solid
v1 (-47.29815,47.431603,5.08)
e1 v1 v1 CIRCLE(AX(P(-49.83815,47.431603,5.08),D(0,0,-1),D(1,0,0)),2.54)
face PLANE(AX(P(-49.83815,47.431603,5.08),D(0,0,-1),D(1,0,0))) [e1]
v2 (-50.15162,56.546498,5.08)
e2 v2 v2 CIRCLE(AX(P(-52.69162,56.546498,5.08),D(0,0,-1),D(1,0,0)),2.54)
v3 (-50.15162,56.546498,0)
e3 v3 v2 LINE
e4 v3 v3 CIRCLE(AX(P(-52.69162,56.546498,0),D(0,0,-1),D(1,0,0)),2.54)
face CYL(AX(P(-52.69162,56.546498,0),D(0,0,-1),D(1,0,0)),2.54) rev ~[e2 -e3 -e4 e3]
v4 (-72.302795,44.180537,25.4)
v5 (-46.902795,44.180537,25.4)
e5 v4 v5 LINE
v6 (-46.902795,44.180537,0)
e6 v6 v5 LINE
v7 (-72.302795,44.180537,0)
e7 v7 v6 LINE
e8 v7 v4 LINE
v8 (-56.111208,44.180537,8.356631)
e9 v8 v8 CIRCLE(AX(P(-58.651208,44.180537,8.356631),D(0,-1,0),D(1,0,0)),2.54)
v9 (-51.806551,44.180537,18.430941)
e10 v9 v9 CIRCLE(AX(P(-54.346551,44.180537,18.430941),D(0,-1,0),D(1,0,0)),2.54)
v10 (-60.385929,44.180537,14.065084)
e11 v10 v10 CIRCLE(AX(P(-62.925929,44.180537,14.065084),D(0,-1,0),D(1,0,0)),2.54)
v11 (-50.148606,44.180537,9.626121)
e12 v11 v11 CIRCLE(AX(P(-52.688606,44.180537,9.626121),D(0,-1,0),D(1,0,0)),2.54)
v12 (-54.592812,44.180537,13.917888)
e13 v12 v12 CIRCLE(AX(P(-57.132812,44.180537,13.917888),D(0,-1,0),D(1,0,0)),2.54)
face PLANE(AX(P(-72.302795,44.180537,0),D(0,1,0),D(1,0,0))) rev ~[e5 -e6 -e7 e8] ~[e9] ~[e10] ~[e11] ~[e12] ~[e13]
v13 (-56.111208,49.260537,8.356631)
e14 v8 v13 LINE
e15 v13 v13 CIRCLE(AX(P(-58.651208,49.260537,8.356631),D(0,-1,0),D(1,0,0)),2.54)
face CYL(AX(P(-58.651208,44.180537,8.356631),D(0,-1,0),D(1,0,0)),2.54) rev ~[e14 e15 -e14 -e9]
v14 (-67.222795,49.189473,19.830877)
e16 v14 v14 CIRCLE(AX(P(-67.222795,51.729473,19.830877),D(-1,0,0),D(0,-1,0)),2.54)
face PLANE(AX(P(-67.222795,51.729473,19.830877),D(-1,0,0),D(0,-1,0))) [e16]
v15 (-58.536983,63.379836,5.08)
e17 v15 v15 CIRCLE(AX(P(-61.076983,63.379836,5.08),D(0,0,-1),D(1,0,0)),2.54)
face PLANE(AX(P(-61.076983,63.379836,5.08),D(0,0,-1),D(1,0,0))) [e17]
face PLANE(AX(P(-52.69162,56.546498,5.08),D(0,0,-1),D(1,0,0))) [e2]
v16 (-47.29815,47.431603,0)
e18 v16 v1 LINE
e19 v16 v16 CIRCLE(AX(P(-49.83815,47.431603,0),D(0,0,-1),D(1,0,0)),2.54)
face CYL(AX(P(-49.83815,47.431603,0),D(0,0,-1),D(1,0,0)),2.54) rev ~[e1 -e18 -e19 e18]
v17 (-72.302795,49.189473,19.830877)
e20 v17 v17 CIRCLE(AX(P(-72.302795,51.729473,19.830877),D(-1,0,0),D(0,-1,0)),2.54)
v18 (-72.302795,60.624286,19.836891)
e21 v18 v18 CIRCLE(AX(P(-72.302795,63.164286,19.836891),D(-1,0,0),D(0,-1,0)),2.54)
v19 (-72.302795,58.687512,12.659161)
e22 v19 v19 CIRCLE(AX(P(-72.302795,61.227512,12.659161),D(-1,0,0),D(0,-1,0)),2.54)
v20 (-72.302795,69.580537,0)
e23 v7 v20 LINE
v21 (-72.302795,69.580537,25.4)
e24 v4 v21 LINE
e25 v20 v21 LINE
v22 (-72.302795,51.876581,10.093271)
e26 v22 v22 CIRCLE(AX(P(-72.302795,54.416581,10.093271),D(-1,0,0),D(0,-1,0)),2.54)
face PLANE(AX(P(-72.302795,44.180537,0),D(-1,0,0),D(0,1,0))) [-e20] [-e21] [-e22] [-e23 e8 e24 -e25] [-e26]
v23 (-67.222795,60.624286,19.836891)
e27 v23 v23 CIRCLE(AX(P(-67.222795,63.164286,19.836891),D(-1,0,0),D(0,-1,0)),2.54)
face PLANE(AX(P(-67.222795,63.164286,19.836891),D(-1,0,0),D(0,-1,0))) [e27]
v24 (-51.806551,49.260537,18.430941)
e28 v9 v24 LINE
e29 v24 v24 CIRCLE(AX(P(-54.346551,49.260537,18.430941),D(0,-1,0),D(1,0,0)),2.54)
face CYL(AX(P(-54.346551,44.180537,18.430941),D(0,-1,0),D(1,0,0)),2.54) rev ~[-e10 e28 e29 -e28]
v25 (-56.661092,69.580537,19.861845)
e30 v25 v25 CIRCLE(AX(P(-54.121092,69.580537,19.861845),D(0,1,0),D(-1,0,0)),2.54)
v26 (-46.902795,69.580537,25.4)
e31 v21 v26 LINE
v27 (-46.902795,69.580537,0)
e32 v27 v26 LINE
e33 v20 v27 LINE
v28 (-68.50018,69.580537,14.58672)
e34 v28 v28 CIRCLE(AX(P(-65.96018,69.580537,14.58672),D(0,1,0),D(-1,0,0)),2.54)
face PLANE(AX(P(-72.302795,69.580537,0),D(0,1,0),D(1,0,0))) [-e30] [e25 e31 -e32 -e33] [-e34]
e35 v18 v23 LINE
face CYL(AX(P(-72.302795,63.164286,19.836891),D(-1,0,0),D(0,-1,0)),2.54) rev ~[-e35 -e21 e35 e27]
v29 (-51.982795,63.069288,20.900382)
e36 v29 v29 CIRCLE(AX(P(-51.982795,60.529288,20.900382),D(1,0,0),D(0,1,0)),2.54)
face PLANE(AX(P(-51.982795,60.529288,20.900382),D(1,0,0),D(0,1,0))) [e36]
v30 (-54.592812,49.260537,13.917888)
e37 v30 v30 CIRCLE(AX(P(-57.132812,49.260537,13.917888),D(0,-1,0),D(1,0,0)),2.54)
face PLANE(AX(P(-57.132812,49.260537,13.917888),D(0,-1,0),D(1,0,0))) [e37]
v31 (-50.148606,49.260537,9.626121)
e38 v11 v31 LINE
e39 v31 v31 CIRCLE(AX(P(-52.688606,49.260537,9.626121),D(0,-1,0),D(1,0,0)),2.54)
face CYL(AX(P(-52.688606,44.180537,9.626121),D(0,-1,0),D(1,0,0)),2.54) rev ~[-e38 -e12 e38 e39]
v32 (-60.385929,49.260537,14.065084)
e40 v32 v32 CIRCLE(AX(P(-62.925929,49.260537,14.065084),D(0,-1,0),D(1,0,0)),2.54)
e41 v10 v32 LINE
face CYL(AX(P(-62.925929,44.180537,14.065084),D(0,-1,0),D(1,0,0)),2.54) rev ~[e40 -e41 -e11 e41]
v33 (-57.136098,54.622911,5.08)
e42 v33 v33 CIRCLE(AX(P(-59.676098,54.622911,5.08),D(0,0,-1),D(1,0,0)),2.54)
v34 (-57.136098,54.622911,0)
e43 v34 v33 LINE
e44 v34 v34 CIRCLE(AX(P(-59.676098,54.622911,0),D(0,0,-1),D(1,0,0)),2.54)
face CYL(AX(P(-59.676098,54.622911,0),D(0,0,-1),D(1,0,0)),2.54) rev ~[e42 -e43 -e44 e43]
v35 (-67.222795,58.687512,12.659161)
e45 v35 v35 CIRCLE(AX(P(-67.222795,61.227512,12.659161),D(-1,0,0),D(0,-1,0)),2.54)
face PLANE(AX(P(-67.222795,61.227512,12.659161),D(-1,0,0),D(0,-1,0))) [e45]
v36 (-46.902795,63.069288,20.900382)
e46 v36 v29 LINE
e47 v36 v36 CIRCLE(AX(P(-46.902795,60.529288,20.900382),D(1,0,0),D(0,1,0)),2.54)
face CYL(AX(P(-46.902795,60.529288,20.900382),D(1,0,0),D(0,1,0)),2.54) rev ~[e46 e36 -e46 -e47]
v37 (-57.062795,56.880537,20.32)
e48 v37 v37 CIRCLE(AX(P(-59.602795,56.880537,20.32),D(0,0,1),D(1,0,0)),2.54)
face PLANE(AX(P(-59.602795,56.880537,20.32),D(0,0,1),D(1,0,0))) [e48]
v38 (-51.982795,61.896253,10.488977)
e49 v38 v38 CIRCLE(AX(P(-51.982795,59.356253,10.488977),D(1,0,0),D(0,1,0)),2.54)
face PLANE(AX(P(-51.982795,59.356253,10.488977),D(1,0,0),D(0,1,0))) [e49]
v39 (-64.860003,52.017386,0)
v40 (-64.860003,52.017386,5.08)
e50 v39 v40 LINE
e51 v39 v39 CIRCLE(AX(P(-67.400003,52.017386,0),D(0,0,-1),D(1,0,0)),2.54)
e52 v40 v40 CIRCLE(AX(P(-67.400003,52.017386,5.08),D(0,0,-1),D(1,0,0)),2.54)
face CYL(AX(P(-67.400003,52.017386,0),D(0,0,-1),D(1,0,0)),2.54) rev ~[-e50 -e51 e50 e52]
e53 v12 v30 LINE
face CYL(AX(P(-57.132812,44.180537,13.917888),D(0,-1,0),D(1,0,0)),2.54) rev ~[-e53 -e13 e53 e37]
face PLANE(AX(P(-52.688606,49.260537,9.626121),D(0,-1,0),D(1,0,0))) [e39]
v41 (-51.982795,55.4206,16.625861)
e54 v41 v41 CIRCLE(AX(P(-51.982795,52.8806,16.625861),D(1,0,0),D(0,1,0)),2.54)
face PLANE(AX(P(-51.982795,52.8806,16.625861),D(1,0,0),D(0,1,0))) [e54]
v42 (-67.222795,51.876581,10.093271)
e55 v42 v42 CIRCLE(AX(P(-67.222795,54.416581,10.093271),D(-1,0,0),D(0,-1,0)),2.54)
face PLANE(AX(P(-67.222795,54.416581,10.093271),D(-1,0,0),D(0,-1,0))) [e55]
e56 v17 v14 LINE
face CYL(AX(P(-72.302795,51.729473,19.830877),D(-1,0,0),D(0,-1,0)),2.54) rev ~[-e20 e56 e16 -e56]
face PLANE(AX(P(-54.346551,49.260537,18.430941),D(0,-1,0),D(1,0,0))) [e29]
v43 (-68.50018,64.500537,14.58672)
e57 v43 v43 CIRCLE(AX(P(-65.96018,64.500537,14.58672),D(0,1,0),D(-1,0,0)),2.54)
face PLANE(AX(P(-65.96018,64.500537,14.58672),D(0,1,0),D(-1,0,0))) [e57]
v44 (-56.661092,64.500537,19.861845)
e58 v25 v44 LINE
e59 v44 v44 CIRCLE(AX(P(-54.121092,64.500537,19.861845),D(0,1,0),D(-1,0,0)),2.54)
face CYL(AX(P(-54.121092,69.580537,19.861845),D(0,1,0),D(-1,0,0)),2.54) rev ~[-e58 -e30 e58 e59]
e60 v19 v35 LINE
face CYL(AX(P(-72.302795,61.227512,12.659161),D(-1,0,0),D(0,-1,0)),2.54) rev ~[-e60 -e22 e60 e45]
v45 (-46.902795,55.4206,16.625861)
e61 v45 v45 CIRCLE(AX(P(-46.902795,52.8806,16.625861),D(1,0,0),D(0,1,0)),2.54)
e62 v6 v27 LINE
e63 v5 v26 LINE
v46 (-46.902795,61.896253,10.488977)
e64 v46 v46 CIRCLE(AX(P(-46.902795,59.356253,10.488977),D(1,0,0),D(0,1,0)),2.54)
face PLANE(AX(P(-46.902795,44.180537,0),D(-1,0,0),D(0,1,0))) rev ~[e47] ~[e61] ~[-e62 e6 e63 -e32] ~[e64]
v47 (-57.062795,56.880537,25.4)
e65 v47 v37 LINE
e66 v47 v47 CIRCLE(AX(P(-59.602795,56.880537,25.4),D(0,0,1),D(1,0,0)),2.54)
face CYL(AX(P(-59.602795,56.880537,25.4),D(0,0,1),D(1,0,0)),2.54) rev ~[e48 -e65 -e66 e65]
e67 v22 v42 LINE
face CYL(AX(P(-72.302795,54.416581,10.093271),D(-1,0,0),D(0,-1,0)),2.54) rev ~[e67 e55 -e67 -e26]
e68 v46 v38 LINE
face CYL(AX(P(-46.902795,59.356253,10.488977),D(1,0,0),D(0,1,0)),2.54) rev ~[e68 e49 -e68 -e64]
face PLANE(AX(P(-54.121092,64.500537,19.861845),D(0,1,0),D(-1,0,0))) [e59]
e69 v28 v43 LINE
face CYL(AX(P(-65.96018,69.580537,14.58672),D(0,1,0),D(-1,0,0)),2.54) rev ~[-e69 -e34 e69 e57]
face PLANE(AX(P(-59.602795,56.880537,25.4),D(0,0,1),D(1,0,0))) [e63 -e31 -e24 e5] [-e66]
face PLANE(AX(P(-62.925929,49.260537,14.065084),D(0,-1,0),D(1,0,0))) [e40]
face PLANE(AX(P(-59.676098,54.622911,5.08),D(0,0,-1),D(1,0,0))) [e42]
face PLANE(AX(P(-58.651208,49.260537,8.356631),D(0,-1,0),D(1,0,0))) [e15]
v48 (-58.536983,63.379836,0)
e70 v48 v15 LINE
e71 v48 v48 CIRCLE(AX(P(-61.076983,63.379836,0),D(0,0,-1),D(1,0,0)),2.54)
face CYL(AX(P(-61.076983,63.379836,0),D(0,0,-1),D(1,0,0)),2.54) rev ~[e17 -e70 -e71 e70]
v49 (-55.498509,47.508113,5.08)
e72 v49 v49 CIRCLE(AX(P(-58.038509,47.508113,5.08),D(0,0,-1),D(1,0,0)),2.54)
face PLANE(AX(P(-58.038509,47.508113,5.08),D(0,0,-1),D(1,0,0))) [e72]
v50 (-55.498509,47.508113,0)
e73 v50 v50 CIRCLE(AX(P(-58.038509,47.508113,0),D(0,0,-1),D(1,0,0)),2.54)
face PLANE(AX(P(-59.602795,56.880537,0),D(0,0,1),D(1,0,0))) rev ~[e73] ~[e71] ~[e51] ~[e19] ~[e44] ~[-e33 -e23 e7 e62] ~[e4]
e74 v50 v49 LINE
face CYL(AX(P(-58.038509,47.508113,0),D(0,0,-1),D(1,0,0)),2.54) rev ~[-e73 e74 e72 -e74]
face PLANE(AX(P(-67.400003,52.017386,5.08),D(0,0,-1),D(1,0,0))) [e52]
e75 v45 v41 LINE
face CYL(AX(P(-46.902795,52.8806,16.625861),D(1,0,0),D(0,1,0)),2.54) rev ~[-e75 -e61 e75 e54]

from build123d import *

# Parameters (mm, degrees)
F0_W      = 25.4
F0_H      = 25.4
F1_DEPTH  = 25.4
F2_R      = 2.54
F3_DEPTH  = 5.08
F4_R      = 2.54
F5_DEPTH  = 5.08
F6_R      = 2.54
F7_DEPTH  = 5.08
F8_R      = 2.54
F9_DEPTH  = 5.08
F10_R     = 2.54
F11_DEPTH = 5.08
F12_R     = 2.54
F13_DEPTH = 5.08


with BuildPart() as f1:
    # F0 (on Top) → F1 (new body)
    with BuildSketch(Plane.XY):
        with Locations((-59.602795, 56.880537)):
            Rectangle(F0_W, F0_H)
    extrude(amount=F1_DEPTH)

    # F2 (on face) → F3 (cut)
    with BuildSketch(Plane.XY.offset(25.4)):
        with Locations((-59.602795, 56.880537)):
            Circle(F2_R)
    extrude(amount=-F3_DEPTH, mode=Mode.SUBTRACT)

    # F4 (on face) → F5 (cut)
    with BuildSketch(Plane(origin=(0, 0, 0), x_dir=(1, 0, 0), z_dir=(0, 0, -1))):
        with Locations((-49.83815, -47.431603)):
            Circle(F4_R)
        with Locations((-52.69162, -56.546498)):
            Circle(F4_R)
        with Locations((-61.076983, -63.379836)):
            Circle(F4_R)
        with Locations((-59.676098, -54.622911)):
            Circle(F4_R)
        with Locations((-58.038509, -47.508113)):
            Circle(F4_R)
        with Locations((-67.400003, -52.017386)):
            Circle(F4_R)
    extrude(amount=-F5_DEPTH, mode=Mode.SUBTRACT)

    # F6 (on face) → F7 (cut)
    with BuildSketch(Plane.XZ.offset(-44.180537)):
        with Locations((-54.346551, 18.430941)):
            Circle(F6_R)
        with Locations((-57.132812, 13.917888)):
            Circle(F6_R)
        with Locations((-62.925929, 14.065084)):
            Circle(F6_R)
        with Locations((-52.688606, 9.626121)):
            Circle(F6_R)
        with Locations((-58.651208, 8.356631)):
            Circle(F6_R)
    extrude(amount=-F7_DEPTH, mode=Mode.SUBTRACT)

    # F8 (on face) → F9 (cut)
    with BuildSketch(Plane(origin=(0, 69.580537, 0), x_dir=(-1, 0, 0), z_dir=(0, 1, 0))):
        with Locations((54.121092, 19.861845)):
            Circle(F8_R)
        with Locations((65.96018, 14.58672)):
            Circle(F8_R)
    extrude(amount=-F9_DEPTH, mode=Mode.SUBTRACT)

    # F10 (on face) → F11 (cut)
    with BuildSketch(Plane(origin=(-72.302795, 0, 0), x_dir=(0, -1, 0), z_dir=(-1, 0, 0))):
        with Locations((-61.227512, 12.659161)):
            Circle(F10_R)
        with Locations((-54.416581, 10.093271)):
            Circle(F10_R)
        with Locations((-51.729473, 19.830877)):
            Circle(F10_R)
        with Locations((-63.164286, 19.836891)):
            Circle(F10_R)
    extrude(amount=-F11_DEPTH, mode=Mode.SUBTRACT)

    # F12 (on face) → F13 (cut)
    with BuildSketch(Plane.YZ.offset(-46.902795)):
        with Locations((52.8806, 16.625861)):
            Circle(F12_R)
        with Locations((59.356253, 10.488977)):
            Circle(F12_R)
        with Locations((60.529288, 20.900382)):
            Circle(F12_R)
    extrude(amount=-F13_DEPTH, mode=Mode.SUBTRACT)


solid = f1.part
